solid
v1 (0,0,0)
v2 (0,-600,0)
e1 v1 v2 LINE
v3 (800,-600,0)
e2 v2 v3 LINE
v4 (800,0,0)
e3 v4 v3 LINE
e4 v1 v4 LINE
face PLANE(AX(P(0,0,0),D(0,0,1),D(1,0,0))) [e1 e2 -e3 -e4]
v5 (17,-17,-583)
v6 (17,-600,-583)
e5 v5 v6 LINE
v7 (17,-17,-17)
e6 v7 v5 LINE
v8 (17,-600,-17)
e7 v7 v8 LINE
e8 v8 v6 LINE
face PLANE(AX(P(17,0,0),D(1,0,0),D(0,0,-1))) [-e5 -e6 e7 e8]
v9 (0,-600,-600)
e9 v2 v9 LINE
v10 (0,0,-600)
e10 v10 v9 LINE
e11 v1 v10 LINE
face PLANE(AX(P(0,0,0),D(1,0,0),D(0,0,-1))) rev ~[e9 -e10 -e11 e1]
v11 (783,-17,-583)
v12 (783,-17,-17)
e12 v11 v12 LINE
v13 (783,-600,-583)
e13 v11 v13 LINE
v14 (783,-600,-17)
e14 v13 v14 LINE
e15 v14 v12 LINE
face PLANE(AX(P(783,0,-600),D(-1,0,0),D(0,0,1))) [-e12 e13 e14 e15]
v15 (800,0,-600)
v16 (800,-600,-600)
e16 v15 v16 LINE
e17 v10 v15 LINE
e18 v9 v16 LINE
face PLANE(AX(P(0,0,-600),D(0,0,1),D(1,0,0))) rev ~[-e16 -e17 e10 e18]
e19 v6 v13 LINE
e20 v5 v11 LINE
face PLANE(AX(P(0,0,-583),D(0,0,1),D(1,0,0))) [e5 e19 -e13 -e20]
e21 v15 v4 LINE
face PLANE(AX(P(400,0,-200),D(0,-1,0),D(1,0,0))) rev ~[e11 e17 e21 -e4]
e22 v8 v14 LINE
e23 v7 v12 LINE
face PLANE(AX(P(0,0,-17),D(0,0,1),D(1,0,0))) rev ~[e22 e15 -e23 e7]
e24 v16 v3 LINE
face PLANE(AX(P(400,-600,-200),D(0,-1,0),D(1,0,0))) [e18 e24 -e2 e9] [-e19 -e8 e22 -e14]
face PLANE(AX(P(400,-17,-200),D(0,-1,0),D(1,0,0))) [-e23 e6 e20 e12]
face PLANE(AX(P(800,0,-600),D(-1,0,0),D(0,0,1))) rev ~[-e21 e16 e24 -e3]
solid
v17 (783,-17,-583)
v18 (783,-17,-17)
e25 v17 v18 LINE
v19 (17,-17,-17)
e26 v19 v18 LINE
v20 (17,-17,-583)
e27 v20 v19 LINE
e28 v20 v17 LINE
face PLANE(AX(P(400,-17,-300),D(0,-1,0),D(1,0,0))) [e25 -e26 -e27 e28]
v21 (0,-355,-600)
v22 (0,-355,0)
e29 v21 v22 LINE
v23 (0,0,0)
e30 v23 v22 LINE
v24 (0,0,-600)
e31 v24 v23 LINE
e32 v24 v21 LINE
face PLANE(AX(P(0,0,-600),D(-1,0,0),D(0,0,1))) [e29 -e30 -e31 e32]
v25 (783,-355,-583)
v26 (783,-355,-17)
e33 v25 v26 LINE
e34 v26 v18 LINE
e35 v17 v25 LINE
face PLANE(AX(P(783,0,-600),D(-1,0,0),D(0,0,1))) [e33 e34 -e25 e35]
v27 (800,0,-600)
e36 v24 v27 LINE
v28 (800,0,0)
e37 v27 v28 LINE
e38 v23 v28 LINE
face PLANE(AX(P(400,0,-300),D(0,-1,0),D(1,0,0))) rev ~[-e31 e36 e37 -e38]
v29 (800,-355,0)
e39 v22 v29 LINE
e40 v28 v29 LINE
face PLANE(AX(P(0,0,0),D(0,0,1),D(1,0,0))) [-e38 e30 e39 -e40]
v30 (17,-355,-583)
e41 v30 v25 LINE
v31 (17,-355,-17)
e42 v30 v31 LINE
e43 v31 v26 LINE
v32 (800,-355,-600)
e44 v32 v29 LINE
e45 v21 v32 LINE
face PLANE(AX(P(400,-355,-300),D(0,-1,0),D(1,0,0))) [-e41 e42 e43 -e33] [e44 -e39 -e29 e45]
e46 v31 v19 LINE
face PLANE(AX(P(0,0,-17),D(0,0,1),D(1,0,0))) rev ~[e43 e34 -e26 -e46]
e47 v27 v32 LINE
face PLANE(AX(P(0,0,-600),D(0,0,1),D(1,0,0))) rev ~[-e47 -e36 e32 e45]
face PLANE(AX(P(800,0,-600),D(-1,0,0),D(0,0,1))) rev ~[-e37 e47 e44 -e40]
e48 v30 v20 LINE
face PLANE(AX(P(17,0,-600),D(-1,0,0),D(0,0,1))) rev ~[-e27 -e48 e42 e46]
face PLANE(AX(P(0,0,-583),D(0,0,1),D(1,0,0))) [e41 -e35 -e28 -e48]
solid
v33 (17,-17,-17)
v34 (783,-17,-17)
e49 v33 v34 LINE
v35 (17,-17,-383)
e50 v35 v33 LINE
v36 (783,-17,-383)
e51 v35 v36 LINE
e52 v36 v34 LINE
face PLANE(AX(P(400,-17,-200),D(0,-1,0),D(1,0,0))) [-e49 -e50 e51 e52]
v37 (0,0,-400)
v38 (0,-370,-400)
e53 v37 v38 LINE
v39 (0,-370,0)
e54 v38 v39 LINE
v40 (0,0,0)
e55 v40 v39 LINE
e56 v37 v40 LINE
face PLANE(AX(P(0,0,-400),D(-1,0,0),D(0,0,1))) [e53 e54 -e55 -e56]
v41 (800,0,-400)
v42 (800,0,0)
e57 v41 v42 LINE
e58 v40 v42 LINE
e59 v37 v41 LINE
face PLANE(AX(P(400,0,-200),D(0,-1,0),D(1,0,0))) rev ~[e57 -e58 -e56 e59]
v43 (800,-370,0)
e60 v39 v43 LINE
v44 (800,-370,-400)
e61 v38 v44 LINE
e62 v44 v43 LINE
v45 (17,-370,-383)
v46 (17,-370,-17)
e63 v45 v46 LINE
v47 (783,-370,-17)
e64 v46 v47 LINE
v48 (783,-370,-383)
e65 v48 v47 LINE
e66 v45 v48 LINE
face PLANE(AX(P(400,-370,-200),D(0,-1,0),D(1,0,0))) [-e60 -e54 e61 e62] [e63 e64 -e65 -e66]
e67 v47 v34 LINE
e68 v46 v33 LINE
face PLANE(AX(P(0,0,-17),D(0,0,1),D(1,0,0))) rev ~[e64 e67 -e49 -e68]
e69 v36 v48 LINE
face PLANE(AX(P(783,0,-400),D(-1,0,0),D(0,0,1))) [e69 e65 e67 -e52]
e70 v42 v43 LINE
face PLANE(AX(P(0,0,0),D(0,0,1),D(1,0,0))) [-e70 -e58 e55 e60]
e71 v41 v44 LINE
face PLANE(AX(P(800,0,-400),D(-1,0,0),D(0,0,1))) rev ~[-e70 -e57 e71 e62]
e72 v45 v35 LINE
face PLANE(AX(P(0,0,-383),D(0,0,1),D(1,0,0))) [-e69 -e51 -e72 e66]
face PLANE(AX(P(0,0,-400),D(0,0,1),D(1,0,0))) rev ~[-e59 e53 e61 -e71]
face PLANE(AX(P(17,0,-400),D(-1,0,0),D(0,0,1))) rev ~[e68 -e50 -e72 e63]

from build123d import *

# Parameters (mm, degrees)
F0_W     = 800
F0_H     = 600
F1_DEPTH = 355
F2_T     = -17
F3_W     = 800
F3_H     = 400
F4_DEPTH = 370
F5_T     = -17
F3_H_2   = 200
F6_DEPTH = 600
F7_T     = -17


with BuildPart() as f1:
    # F0 (on Front) → F1 (new body)
    with BuildSketch(Plane.XZ):
        with Locations((400, -300)):
            Rectangle(F0_W, F0_H)
    extrude(amount=F1_DEPTH)

    # F2
    f2_openings = [f1.faces().sort_by_distance(p)[0] for p in [
        (400, -355, -300),
    ]]
    offset(amount=F2_T, openings=f2_openings)


with BuildPart() as f4:
    # F3 (on Front) → F4 (new body)
    with BuildSketch(Plane.XZ):
        with Locations((400, -200)):
            Rectangle(F3_W, F3_H)
    extrude(amount=F4_DEPTH)

    # F5
    f5_openings = [f4.faces().sort_by_distance(p)[0] for p in [
        (400, -370, -200),
    ]]
    offset(amount=F5_T, openings=f5_openings)


with BuildPart() as f6:
    # F3 (on Front) → F6 (new body)
    with BuildSketch(Plane.XZ):
        with Locations((400, -200)):
            Rectangle(F3_W, F3_H)
        with Locations((400, -500)):
            Rectangle(F3_W, F3_H_2)
    extrude(amount=F6_DEPTH)

    # F7
    f7_openings = [f6.faces().sort_by_distance(p)[0] for p in [
        (400, -600, -300),
    ]]
    offset(amount=F7_T, openings=f7_openings)


solid = Compound([f1.part, f4.part, f6.part])
